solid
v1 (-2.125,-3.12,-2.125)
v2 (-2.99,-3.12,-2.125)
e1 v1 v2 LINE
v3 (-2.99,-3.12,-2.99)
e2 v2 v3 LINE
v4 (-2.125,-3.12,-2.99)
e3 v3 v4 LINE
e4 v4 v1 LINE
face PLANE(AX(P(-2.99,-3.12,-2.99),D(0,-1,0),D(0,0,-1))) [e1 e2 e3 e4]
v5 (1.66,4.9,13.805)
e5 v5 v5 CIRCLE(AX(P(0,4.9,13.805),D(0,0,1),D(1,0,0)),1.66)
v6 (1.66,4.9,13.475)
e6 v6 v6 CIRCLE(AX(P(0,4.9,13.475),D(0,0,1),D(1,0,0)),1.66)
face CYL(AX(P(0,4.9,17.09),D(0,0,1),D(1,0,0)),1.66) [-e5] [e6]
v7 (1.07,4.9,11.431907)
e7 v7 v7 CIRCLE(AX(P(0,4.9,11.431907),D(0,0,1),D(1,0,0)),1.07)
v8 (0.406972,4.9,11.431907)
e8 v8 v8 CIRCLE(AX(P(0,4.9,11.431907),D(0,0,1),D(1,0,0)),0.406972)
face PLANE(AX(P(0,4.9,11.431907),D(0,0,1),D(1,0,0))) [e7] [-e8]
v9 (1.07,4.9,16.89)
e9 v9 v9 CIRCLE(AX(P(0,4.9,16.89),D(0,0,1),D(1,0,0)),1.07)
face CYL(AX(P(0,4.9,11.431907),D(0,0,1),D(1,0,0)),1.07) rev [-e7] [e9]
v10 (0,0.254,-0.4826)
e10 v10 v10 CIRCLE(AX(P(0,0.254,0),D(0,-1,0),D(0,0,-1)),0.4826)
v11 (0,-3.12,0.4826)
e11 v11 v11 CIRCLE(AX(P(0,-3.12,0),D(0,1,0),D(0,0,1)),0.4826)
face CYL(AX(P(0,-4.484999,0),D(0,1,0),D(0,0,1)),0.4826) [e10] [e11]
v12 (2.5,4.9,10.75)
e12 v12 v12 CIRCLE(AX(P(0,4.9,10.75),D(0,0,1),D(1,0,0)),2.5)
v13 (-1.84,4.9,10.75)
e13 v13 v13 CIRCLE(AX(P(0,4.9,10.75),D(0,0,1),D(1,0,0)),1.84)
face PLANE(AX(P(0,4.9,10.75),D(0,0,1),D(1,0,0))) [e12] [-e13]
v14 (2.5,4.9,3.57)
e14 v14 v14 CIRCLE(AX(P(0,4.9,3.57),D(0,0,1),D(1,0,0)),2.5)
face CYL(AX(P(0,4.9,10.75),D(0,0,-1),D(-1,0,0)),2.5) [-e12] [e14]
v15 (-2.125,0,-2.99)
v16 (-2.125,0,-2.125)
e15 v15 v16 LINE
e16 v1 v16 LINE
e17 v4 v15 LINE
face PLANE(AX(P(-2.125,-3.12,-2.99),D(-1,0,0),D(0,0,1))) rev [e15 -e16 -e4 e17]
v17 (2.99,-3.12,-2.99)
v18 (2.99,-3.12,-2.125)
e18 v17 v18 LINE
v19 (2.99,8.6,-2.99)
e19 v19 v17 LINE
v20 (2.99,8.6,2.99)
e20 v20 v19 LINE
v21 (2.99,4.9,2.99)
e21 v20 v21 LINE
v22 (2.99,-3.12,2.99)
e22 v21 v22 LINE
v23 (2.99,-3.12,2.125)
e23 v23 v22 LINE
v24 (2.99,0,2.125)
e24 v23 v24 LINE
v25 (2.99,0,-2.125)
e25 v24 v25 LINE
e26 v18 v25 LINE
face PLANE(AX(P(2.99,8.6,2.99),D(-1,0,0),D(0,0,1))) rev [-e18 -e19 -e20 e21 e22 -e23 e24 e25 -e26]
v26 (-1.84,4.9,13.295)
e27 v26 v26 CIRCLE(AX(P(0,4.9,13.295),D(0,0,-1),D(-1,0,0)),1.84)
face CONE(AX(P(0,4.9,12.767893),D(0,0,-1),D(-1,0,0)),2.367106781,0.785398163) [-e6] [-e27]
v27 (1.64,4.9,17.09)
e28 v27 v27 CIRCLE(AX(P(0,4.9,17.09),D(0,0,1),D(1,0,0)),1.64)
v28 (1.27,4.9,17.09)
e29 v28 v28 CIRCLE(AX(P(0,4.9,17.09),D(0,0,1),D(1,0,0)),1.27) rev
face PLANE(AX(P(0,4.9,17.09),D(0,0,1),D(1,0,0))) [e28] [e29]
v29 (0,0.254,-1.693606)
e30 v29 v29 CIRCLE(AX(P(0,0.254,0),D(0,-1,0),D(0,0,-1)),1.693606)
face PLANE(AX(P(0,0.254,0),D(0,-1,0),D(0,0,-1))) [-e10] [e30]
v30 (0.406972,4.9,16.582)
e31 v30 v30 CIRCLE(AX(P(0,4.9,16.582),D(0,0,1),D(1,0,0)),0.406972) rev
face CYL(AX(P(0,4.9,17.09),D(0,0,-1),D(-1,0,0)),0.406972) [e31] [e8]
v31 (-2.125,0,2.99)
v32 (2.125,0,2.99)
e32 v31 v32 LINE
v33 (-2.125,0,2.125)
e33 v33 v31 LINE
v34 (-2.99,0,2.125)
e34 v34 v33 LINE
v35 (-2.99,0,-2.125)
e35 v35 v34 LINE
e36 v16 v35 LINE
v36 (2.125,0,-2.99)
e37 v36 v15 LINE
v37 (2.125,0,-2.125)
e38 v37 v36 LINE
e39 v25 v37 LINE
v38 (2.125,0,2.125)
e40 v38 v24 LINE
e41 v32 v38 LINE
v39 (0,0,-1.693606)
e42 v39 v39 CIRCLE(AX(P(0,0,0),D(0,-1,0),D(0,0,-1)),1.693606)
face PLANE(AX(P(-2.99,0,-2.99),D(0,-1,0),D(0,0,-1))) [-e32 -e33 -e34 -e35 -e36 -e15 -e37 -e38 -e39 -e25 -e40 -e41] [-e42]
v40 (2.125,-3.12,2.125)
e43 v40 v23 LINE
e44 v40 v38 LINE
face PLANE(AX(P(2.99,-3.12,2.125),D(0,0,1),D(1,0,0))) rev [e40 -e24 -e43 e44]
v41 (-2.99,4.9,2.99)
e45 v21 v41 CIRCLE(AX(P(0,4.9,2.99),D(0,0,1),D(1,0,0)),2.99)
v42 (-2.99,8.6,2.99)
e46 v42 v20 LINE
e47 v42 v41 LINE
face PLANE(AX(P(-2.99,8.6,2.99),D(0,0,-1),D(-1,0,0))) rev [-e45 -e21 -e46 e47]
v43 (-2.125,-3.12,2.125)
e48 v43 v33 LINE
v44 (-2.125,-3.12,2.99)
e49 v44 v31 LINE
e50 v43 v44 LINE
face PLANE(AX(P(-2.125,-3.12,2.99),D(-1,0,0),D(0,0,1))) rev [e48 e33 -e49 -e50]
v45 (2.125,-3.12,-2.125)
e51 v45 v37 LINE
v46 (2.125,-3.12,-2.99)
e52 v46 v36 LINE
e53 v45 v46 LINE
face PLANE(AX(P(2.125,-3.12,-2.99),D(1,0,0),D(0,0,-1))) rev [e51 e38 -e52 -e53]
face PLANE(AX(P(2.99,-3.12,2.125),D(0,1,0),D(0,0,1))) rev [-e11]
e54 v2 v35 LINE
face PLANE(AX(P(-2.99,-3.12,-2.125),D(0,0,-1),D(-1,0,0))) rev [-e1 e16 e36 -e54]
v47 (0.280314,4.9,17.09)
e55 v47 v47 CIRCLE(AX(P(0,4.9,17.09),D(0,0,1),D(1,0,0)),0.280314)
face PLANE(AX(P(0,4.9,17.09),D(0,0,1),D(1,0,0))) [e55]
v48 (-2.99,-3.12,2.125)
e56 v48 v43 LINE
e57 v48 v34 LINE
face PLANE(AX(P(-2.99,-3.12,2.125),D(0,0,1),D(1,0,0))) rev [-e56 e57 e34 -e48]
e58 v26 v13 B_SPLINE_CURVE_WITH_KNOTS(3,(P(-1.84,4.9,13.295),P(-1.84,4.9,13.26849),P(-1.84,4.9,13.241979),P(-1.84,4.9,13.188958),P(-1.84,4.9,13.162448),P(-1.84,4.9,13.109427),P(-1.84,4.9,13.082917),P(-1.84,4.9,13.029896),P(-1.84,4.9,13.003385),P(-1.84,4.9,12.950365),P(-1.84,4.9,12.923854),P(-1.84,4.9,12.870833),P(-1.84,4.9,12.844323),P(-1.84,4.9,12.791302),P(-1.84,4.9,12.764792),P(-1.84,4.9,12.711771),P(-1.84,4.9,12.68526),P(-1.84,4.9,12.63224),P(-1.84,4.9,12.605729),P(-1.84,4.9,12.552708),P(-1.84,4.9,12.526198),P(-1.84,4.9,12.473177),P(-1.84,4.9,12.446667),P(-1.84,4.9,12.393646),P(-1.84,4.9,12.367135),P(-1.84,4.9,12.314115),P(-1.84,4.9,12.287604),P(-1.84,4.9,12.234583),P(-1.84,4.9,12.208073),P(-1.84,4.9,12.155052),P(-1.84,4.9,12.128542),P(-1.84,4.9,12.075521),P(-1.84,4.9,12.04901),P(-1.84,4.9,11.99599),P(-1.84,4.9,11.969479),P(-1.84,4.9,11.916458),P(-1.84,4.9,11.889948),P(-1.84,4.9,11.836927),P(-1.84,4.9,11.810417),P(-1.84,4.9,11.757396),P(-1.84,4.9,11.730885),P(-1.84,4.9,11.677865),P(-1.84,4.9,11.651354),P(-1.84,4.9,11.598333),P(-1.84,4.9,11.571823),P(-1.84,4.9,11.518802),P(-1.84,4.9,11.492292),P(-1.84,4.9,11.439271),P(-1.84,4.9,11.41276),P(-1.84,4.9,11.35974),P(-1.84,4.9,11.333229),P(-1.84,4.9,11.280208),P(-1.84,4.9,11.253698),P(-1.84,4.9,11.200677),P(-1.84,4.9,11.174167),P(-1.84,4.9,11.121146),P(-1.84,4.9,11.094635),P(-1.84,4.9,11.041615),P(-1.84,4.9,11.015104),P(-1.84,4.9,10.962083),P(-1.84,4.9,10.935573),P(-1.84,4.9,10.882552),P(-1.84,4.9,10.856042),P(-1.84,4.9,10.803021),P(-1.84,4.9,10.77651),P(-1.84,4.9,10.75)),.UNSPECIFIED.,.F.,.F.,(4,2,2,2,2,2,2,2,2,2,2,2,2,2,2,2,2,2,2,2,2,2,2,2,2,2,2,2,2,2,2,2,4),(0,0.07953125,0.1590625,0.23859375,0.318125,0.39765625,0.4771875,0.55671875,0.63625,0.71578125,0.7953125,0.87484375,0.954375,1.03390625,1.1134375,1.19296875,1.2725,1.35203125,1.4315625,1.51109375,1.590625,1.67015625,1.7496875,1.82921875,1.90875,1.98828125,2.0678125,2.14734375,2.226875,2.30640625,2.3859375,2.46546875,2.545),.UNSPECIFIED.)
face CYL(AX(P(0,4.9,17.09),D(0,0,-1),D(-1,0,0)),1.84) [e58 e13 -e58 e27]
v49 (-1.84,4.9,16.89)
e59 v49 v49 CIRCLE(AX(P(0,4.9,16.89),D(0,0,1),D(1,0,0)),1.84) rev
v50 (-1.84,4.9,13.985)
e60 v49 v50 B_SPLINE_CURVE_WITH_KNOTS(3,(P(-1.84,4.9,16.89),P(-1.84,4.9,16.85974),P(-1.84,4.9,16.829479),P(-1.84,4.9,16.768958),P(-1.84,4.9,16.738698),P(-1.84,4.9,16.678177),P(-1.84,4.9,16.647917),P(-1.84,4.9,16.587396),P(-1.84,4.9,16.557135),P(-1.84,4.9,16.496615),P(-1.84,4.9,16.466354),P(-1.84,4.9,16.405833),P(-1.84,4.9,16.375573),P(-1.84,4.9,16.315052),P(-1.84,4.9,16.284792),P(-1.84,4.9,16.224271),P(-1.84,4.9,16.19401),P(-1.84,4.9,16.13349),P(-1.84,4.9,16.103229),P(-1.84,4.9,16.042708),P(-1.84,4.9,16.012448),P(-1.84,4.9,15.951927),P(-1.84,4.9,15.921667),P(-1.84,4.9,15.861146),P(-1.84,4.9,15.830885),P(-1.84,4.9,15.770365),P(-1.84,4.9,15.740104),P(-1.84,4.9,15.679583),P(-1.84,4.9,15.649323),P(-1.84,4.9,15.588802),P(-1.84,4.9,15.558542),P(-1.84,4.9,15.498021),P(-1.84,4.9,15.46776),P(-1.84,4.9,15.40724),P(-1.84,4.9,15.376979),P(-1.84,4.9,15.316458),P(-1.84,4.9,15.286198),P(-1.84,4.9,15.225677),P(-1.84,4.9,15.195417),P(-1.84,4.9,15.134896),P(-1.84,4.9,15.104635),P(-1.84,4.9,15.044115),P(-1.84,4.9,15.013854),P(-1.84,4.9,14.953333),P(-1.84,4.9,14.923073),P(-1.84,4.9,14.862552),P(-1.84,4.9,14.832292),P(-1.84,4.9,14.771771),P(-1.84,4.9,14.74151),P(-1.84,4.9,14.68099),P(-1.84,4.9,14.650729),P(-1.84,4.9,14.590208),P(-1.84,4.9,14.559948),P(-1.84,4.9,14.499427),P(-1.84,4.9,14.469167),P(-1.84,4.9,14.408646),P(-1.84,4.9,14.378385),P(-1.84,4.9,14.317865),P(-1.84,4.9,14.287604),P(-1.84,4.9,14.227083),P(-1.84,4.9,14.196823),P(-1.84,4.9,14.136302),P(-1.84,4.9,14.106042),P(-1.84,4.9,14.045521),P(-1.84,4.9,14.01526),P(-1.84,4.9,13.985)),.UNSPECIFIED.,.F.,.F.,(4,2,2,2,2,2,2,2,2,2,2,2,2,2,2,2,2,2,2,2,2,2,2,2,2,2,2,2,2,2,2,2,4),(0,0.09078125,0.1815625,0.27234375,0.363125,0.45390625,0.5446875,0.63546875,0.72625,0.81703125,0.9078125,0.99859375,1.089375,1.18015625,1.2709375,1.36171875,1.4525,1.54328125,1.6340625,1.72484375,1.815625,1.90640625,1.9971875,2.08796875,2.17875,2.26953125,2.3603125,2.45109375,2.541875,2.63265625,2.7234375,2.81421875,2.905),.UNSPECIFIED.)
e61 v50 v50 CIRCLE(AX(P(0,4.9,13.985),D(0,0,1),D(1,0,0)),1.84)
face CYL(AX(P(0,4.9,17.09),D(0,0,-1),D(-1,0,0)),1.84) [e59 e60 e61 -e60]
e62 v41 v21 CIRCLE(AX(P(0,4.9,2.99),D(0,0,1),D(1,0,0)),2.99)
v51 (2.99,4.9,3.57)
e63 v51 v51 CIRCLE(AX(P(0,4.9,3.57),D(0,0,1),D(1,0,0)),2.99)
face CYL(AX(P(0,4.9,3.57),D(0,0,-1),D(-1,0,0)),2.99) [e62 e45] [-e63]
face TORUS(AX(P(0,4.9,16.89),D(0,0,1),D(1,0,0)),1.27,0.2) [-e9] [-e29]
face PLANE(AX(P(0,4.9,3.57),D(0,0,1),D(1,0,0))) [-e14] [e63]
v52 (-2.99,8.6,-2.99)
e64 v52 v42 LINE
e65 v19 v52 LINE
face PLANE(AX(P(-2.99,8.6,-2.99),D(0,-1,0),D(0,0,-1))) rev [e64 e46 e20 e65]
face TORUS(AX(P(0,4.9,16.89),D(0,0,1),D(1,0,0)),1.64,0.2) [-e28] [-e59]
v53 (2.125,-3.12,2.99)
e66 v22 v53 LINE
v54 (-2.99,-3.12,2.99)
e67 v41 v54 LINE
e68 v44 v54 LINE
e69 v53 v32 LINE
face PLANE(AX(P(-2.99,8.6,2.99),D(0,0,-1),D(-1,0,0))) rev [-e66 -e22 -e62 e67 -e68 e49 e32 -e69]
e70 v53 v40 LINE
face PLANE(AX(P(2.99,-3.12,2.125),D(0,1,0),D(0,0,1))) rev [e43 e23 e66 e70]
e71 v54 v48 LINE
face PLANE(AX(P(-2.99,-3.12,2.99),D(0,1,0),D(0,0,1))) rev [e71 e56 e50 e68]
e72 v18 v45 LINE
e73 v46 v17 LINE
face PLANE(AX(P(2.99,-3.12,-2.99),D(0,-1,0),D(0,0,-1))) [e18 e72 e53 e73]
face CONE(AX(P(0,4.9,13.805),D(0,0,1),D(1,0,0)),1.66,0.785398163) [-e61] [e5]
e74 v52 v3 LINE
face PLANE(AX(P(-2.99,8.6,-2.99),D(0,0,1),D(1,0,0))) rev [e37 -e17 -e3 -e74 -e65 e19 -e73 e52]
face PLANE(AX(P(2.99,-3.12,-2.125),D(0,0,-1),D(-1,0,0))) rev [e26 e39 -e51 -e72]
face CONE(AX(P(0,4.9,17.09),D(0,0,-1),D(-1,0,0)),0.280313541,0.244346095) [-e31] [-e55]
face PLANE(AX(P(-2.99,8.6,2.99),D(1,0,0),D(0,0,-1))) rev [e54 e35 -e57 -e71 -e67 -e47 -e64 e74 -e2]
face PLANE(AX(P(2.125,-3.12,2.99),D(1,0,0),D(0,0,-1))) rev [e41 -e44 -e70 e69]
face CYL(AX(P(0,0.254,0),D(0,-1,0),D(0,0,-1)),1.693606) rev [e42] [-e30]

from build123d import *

# Parameters (mm, degrees)
SKETCH1_W          = 5.98
SKETCH1_H          = 5.98
EXTRUDE1_DEPTH     = 8.6
SKETCH3_W          = 0.865
SKETCH3_H          = 0.865
EXTRUDE3_DEPTH     = 3.12
SKETCH4_R          = 1.693605641
CUT_EXTRUDE1_DEPTH = 0.254
SKETCH5_R          = 0.4826
EXTRUDE4_DEPTH     = 3.374
SKETCH6_R          = 2.99
EXTRUDE5_DEPTH     = 0.58
ESQUISSE1_R        = 2.5
BOSS_EXTRU_1_DEPTH = 7.18
SKETCH7_R          = 1.84
EXTRUDE6_DEPTH     = 6.34
SKETCH9_R          = 1.07
CUT_EXTRUDE2_DEPTH = 5.658092827
SKETCH10_R         = 0.406972167
EXTRUDE7_DEPTH     = 5.658092827
CHAMFER1_SIZE      = 0.508
CHAMFER1_SIZE2     = 0.126658625
CONG_1_R           = 0.2


with BuildPart() as part:
    # Sketch1 → Extrude1 (new body)
    with BuildSketch(Plane(origin=(0, 0, 0), x_dir=(1, 0, 0), z_dir=(0, 1, 0))):
        Rectangle(SKETCH1_W, SKETCH1_H)
    extrude(amount=EXTRUDE1_DEPTH)

    # Sketch3 → Extrude3 (add)
    with BuildSketch(Plane.XZ):
        with Locations((2.5575, 2.5575)):
            Rectangle(SKETCH3_W, SKETCH3_H)
        with Locations((2.5575, -2.5575)):
            Rectangle(SKETCH3_W, SKETCH3_H)
        with Locations((-2.5575, -2.5575)):
            Rectangle(SKETCH3_W, SKETCH3_H)
        with Locations((-2.5575, 2.5575)):
            Rectangle(SKETCH3_W, SKETCH3_H)
    extrude(amount=EXTRUDE3_DEPTH)

    # Sketch4 → Cut-Extrude1 (cut)
    with BuildSketch(Plane.XZ):
        with Locations(Location((0, 0, 0), (0, 0, 270))):
            Circle(SKETCH4_R)
    extrude(amount=-CUT_EXTRUDE1_DEPTH, mode=Mode.SUBTRACT)

    # Sketch5 → Extrude4 (add)
    with BuildSketch(Plane.XZ.offset(-0.254)):
        with Locations(Location((0, 0, 0), (0, 0, 90))):
            Circle(SKETCH5_R)
    extrude(amount=EXTRUDE4_DEPTH)

    # Sketch6 → Extrude5 (add)
    with BuildSketch(Plane.XY.offset(2.99)):
        with Locations((0, 4.9)):
            Circle(SKETCH6_R)
    extrude(amount=EXTRUDE5_DEPTH)

    # Esquisse1 → Boss.-Extru.1 (add)
    with BuildSketch(Plane.XY.offset(3.57)):
        with Locations((0, 4.9)):
            Circle(ESQUISSE1_R)
    extrude(amount=BOSS_EXTRU_1_DEPTH)

    # Sketch7 → Extrude6 (add)
    with BuildSketch(Plane.XY.offset(10.75)):
        with Locations(Location((0, 4.9, 0), (0, 0, 180))):
            Circle(SKETCH7_R)
    extrude(amount=EXTRUDE6_DEPTH)

    # Esquisse2 → Enlèvement de matière-Révolution1 (revolve, cut)
    with BuildSketch(Plane(origin=(0, 4.9, 0), x_dir=(-1, 0, 0), z_dir=(0, 1, 0)), mode=Mode.PRIVATE) as enl_vement_de_mati_re_r_volution1_sk:
        Polygon((-2.367106781, 14.512106781), (-1.66, 13.805), (-1.66, 13.475), (-2.367106781, 12.767893219), align=None)
    revolve(enl_vement_de_mati_re_r_volution1_sk.sketch.rotate(Axis((0, 4.9, 17.09), (0, 0, -1)), 180), axis=Axis((0, 4.9, 17.09), (0, 0, -1)), mode=Mode.SUBTRACT)

    # Sketch9 → Cut-Extrude2 (cut)
    with BuildSketch(Plane.XY.offset(17.09)):
        with Locations((0, 4.9)):
            Circle(SKETCH9_R)
    extrude(amount=-CUT_EXTRUDE2_DEPTH, mode=Mode.SUBTRACT)

    # Sketch10 → Extrude7 (add)
    with BuildSketch(Plane.XY.offset(11.431907173)):
        with Locations((0, 4.9)):
            Circle(SKETCH10_R)
    extrude(amount=EXTRUDE7_DEPTH)

    # Chamfer1
    chamfer1_edges = [part.edges().sort_by_distance(p)[0] for p in [
        (-0.406972167, 4.9, 17.09),
    ]]
    chamfer1_side = [part.faces().sort_by_distance(p)[0] for p in [
        (-0.406972167, 4.9, 14.260953587),
    ]]
    chamfer(chamfer1_edges, length=CHAMFER1_SIZE, length2=CHAMFER1_SIZE2, reference=chamfer1_side[0])

    # Congé1
    cong_1_edges = [part.edges().sort_by_distance(p)[0] for p in [
        (1.84, 4.9, 17.09),
        (-1.07, 4.9, 17.09),
    ]]
    fillet(cong_1_edges, radius=CONG_1_R)


solid = part.part
